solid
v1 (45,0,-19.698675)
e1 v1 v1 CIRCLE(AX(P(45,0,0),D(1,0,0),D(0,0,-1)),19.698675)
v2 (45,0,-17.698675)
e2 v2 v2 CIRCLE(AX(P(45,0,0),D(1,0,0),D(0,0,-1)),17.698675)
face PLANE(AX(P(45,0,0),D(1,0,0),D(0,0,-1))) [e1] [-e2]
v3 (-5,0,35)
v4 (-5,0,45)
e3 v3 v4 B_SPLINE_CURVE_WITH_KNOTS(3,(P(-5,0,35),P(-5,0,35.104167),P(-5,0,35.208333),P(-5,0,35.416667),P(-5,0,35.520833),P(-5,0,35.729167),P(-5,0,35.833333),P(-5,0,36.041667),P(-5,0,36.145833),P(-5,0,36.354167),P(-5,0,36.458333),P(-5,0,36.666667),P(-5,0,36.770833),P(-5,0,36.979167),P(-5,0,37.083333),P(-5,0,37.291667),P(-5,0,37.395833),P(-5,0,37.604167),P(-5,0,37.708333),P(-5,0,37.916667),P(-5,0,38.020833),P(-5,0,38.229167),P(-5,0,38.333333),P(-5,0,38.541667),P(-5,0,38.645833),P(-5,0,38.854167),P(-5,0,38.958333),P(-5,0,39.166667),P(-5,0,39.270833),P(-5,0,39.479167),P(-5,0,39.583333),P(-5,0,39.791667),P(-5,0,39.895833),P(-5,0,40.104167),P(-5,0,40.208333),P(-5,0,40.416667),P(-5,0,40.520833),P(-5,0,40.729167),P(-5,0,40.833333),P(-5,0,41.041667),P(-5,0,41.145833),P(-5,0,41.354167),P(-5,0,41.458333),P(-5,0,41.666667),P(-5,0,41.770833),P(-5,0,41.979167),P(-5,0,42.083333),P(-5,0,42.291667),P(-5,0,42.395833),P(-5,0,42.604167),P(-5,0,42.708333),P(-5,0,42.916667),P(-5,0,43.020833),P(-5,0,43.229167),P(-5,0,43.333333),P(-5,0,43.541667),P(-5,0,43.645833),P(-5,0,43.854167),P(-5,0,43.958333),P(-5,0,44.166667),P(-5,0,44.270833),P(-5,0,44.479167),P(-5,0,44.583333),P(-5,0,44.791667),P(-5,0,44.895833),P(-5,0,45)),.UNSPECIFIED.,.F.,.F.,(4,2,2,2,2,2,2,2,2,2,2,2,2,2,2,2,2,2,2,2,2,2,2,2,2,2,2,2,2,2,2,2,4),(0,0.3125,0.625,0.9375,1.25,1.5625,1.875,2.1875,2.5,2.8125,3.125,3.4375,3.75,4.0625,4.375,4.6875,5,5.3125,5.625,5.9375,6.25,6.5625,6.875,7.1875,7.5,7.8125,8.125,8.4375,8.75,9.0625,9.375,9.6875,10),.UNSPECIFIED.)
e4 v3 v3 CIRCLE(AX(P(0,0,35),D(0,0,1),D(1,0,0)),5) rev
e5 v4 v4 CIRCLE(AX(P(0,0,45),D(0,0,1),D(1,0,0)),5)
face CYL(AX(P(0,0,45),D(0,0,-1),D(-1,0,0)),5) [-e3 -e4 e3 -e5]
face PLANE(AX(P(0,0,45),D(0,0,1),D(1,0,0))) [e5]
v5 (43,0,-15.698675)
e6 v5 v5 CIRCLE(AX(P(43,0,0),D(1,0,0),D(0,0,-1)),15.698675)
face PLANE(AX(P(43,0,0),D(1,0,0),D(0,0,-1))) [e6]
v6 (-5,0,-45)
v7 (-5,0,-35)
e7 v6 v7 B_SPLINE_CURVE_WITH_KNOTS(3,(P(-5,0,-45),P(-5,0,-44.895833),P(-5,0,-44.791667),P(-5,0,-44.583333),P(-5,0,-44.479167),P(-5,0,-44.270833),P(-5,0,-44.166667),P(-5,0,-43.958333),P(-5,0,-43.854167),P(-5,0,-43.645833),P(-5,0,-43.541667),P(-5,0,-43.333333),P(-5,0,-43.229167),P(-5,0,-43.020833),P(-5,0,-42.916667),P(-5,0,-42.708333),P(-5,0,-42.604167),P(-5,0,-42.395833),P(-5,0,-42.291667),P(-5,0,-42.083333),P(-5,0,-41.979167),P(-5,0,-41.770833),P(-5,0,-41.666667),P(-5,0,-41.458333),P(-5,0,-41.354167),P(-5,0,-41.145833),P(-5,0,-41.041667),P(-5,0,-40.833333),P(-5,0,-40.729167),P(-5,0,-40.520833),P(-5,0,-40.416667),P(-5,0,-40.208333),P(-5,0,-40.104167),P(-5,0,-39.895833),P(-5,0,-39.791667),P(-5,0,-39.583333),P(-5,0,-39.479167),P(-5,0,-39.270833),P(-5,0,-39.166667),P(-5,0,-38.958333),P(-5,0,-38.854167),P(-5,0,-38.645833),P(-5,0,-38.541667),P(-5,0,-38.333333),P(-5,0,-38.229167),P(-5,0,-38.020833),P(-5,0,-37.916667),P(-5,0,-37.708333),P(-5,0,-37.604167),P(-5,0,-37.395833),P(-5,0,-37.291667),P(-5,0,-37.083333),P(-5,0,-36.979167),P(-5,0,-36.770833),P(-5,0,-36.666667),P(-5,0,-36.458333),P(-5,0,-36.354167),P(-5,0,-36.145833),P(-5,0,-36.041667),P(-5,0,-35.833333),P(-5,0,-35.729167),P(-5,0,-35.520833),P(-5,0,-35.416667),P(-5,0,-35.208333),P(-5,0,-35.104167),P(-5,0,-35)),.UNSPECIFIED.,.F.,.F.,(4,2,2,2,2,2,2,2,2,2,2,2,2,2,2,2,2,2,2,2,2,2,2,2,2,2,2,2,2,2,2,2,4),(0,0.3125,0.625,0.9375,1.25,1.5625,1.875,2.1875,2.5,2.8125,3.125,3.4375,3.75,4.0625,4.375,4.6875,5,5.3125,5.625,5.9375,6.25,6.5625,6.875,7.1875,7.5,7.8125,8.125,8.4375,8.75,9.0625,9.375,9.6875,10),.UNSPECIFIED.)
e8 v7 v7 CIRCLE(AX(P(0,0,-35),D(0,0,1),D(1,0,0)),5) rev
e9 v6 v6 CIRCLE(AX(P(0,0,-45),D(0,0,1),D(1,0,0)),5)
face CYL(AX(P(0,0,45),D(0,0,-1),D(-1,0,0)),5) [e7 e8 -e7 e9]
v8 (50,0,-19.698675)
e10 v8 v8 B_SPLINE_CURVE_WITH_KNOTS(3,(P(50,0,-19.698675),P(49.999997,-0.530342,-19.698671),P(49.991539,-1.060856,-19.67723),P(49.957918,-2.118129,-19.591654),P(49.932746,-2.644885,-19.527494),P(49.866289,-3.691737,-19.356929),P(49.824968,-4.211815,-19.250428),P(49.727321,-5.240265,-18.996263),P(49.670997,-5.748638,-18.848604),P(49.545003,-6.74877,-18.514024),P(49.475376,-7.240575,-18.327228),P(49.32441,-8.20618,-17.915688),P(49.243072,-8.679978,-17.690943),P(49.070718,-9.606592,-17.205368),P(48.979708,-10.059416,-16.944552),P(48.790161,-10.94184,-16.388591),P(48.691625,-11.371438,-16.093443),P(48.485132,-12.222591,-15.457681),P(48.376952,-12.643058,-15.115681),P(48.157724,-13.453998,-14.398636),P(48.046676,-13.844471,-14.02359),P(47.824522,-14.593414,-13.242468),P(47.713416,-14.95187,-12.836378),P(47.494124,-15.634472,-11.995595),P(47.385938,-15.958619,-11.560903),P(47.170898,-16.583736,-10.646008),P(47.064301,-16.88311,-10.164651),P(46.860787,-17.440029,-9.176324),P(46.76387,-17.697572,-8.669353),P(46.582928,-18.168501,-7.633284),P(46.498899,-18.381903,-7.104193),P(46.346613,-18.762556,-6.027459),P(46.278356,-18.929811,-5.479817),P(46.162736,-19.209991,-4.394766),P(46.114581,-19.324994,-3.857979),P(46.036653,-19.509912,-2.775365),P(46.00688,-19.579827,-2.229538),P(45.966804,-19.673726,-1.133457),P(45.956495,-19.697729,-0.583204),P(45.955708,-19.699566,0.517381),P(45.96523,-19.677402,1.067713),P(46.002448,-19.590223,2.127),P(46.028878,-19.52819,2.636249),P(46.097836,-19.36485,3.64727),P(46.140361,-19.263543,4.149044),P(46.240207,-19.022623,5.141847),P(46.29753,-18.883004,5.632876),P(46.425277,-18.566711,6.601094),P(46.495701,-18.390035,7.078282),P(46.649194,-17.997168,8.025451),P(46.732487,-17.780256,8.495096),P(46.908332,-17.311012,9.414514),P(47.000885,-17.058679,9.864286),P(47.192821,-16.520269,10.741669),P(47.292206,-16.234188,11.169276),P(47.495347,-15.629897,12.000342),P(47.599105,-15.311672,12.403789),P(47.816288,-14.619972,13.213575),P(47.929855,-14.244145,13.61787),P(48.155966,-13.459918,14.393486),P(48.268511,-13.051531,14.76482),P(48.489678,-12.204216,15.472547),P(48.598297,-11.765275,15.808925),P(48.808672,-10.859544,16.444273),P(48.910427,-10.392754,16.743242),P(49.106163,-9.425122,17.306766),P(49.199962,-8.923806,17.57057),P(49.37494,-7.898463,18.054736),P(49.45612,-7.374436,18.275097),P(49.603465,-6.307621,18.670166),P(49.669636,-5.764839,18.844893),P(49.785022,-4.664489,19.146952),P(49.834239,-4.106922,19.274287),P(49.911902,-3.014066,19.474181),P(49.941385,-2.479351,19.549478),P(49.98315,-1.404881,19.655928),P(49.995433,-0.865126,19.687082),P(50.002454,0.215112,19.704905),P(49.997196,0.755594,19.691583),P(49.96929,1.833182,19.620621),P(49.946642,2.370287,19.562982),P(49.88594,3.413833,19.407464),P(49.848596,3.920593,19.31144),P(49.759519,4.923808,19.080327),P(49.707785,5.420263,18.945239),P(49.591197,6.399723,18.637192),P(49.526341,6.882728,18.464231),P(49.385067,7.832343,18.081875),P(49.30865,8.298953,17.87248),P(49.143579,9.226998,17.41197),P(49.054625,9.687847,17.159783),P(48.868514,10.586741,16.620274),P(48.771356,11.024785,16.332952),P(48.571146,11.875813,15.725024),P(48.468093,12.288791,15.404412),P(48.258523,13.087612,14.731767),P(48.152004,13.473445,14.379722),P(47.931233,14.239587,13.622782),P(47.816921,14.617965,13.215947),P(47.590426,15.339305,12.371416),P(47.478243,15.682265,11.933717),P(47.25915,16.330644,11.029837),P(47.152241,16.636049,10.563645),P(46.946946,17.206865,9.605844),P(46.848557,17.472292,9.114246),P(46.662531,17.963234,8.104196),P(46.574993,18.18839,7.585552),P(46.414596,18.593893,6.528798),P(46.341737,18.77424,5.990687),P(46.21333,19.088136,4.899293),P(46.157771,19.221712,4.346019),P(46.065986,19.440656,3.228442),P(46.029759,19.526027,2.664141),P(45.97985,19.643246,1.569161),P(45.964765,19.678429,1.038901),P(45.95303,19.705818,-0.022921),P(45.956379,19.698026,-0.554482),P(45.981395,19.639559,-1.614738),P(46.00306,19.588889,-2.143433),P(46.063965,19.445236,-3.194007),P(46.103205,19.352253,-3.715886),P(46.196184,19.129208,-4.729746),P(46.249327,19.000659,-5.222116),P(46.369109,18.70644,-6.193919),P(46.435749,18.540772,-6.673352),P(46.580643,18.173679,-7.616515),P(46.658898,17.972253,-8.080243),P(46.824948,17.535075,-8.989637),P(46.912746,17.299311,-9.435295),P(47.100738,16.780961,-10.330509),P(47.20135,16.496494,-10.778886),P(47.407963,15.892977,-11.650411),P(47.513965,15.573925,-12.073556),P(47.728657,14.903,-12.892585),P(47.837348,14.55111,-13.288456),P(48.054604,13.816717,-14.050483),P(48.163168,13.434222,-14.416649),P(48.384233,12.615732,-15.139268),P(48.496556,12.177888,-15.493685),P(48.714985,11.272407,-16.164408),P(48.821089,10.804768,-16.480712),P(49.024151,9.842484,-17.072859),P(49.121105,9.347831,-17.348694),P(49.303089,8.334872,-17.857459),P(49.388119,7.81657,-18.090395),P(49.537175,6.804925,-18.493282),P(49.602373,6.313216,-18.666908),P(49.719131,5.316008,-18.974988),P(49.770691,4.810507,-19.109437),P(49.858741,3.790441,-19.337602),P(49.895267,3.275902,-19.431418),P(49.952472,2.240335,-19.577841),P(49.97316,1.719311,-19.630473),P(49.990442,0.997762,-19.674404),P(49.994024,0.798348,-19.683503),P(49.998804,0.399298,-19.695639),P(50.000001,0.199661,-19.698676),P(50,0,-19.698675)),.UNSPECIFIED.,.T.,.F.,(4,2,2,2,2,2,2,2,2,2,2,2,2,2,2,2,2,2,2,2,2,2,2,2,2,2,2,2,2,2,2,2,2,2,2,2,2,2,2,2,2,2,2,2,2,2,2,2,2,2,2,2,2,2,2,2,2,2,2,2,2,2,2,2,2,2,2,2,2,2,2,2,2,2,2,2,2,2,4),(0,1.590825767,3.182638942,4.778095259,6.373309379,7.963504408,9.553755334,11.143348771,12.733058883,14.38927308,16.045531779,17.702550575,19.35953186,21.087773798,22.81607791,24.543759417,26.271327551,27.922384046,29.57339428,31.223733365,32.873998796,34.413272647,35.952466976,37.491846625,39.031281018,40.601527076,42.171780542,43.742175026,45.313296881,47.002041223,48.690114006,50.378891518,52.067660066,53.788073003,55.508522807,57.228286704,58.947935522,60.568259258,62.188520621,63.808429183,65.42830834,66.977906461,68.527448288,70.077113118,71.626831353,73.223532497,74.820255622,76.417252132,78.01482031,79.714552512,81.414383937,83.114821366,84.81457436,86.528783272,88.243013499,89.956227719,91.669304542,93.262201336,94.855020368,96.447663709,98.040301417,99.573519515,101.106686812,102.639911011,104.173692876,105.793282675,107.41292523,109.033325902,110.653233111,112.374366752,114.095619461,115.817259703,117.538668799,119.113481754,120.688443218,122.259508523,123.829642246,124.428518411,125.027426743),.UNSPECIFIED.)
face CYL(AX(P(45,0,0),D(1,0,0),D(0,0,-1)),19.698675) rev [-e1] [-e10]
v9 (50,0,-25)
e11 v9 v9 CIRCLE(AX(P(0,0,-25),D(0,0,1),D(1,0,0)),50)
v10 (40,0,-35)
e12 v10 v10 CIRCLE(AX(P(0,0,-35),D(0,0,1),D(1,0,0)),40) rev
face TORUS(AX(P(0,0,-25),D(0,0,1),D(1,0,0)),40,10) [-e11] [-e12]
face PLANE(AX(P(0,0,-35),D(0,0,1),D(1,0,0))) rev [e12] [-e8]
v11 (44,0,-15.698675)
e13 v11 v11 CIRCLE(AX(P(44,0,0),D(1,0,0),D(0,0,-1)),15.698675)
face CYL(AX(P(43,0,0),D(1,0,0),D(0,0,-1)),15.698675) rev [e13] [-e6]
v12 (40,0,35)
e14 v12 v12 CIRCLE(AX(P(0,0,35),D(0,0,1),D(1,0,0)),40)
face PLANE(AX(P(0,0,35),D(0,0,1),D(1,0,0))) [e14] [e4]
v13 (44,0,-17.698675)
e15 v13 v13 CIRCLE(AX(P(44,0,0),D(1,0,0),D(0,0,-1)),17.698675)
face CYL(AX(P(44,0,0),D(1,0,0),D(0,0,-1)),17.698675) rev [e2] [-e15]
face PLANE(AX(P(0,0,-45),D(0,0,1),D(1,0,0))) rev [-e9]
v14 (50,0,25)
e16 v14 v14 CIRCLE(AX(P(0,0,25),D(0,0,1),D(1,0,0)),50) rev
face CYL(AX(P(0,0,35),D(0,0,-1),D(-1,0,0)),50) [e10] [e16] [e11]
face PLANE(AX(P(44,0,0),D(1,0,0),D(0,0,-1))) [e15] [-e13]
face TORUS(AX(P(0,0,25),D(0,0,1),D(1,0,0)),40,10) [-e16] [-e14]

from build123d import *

# Parameters (mm, degrees)
SKETCH1_R           = 50
BOSS_EXTRUDE1_DEPTH = 35
SKETCH2_R           = 5
BOSS_EXTRUDE2_DEPTH = 45
FILLET1_R           = 10
SKETCH3_R           = 19.698674941
CUT_EXTRUDE1_DEPTH  = 5
SKETCH4_R           = 17.698674941
CUT_EXTRUDE2_DEPTH  = 1
SKETCH5_R           = 15.698674941
CUT_EXTRUDE3_DEPTH  = 1


with BuildPart() as part:
    # Sketch1 → Boss-Extrude1 (new, symmetric)
    with BuildSketch(Plane.XY):
        Circle(SKETCH1_R)
    extrude(amount=BOSS_EXTRUDE1_DEPTH, both=True)

    # Sketch2 → Boss-Extrude2 (add, symmetric)
    with BuildSketch(Plane.XY):
        with Locations(Location((0, 0, 0), (0, 0, 180))):
            Circle(SKETCH2_R)
    extrude(amount=BOSS_EXTRUDE2_DEPTH, both=True)

    # Fillet1
    fillet1_edges = [part.edges().sort_by_distance(p)[0] for p in [
        (-50, 0, -35),
        (-50, 0, 35),
    ]]
    fillet(fillet1_edges, radius=FILLET1_R)

    # Sketch3 → Cut-Extrude1 (cut)
    with BuildSketch(Plane(origin=(50, 0, 0), x_dir=(0, 0, -1), z_dir=(1, 0, 0))):
        Circle(SKETCH3_R)
    extrude(amount=-CUT_EXTRUDE1_DEPTH, mode=Mode.SUBTRACT)

    # Sketch4 → Cut-Extrude2 (cut)
    with BuildSketch(Plane(origin=(45, 0, 0), x_dir=(0, 0, -1), z_dir=(1, 0, 0))):
        Circle(SKETCH4_R)
    extrude(amount=-CUT_EXTRUDE2_DEPTH, mode=Mode.SUBTRACT)

    # Sketch5 → Cut-Extrude3 (cut)
    with BuildSketch(Plane(origin=(44, 0, 0), x_dir=(0, 0, -1), z_dir=(1, 0, 0))):
        Circle(SKETCH5_R)
    extrude(amount=-CUT_EXTRUDE3_DEPTH, mode=Mode.SUBTRACT)


solid = part.part
